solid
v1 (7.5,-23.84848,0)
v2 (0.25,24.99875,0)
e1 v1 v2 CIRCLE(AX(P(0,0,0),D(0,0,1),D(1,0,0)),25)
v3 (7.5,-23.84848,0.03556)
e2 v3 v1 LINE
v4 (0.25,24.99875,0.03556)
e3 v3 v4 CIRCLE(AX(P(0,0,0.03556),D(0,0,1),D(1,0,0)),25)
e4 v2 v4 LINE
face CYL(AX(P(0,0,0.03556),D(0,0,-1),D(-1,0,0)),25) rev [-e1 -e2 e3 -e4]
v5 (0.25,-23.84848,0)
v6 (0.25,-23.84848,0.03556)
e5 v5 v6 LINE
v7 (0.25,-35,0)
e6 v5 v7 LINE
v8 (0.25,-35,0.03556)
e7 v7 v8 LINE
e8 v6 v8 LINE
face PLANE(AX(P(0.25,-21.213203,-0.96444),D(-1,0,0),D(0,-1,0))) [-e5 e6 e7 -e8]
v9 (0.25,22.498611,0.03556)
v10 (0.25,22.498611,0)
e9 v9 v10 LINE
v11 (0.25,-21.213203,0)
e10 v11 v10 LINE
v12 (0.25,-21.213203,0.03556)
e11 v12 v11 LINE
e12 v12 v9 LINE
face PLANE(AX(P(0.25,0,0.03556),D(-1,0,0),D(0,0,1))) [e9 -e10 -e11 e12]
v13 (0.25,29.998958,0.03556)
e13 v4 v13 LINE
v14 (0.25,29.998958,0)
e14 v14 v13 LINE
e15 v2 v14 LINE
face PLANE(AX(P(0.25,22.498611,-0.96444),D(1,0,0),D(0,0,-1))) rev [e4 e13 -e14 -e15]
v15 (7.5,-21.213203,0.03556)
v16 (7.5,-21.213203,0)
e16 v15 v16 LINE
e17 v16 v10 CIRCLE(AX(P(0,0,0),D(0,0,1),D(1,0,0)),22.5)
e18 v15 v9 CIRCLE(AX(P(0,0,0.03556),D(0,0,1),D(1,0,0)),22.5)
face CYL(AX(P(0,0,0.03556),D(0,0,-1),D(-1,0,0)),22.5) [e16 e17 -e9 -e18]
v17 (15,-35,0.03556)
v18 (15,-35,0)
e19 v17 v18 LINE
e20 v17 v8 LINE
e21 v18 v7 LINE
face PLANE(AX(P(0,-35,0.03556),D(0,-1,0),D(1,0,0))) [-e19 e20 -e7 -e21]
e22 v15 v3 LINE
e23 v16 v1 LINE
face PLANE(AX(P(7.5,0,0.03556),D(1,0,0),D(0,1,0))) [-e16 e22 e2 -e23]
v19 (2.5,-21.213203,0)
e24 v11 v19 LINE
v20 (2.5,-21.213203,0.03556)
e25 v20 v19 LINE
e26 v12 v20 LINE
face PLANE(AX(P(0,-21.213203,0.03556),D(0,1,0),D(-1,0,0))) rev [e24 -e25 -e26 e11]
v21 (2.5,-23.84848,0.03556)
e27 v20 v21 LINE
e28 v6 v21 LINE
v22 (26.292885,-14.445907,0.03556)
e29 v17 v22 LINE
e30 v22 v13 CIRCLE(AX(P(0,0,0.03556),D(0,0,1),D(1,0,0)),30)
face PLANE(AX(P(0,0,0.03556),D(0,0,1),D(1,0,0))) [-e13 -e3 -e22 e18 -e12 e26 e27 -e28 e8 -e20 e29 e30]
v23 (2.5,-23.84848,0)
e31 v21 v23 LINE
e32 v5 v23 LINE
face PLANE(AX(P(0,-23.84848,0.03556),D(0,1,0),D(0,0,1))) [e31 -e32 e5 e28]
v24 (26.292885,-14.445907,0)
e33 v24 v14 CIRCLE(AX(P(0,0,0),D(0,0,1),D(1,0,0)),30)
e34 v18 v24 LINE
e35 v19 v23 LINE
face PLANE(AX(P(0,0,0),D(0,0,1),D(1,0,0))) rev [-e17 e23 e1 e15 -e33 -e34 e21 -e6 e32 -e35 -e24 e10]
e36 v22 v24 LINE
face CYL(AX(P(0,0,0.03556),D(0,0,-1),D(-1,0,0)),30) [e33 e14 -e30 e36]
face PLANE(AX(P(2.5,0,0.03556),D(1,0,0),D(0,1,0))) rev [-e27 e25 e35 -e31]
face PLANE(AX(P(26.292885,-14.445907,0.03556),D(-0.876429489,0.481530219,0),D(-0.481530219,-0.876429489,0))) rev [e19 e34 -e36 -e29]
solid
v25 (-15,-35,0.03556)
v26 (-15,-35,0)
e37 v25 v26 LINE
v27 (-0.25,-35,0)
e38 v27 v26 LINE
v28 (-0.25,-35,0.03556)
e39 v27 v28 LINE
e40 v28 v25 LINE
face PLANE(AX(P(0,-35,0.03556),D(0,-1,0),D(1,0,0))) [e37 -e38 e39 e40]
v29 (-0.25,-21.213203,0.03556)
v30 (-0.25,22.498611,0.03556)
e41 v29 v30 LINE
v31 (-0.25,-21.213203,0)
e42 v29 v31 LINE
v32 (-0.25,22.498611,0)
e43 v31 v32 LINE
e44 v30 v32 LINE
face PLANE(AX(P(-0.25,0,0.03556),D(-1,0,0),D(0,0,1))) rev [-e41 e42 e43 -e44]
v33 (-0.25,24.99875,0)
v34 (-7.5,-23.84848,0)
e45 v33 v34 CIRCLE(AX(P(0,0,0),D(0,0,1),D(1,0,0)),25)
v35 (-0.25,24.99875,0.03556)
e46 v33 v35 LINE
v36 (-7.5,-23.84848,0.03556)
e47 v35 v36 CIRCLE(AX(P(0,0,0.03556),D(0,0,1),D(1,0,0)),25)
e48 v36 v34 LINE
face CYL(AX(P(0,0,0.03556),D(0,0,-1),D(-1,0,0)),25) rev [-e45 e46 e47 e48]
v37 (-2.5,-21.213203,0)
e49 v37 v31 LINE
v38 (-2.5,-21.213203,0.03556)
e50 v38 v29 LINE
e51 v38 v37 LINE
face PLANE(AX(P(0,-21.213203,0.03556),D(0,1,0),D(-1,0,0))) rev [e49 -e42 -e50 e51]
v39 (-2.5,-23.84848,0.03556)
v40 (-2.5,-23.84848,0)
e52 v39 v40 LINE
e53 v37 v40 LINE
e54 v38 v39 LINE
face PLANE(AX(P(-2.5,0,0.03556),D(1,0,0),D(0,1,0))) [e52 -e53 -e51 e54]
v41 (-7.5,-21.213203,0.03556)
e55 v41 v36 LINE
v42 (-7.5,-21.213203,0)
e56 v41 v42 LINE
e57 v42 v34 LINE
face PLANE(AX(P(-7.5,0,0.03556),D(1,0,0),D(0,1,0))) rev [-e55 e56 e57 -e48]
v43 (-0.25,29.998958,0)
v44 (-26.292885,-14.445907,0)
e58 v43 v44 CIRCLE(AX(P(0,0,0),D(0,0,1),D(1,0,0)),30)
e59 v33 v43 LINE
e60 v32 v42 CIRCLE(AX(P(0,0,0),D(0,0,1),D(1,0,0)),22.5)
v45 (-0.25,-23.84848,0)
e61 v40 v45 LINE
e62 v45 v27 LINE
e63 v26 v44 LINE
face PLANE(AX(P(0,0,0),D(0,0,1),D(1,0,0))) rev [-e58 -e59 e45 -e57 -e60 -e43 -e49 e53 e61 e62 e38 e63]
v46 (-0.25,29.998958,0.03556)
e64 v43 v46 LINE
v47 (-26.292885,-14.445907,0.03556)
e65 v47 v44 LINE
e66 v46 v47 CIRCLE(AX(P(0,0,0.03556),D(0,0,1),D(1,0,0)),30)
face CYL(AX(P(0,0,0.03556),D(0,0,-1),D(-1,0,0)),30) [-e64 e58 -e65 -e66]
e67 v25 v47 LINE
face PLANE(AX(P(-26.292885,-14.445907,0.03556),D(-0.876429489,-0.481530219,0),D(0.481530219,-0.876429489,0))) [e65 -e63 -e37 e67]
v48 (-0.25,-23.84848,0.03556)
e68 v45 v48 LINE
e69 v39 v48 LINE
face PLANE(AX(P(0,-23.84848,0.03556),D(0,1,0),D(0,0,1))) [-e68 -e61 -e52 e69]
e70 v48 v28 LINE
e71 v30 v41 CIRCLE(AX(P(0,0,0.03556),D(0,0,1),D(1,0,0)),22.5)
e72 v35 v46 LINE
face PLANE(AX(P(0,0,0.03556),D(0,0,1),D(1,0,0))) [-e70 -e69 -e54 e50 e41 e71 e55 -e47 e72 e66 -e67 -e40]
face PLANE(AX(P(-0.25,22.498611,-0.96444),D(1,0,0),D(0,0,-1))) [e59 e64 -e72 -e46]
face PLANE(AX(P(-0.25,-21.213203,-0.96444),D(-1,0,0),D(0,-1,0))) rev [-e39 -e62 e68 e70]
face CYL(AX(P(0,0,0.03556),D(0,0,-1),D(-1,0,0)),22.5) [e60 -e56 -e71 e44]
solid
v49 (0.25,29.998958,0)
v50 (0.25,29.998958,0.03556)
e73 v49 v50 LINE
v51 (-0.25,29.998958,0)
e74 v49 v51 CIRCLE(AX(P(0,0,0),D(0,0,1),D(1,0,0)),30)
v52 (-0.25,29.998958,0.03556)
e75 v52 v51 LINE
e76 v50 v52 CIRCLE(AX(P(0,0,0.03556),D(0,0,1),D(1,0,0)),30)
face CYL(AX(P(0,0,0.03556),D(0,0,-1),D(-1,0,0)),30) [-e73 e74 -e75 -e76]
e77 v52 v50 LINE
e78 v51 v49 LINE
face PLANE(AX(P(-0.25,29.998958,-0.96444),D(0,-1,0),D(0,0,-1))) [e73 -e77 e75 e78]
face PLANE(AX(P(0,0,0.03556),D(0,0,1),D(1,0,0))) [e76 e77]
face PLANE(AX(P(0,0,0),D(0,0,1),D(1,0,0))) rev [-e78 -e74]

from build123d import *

# Parameters (mm, degrees)
BOSS_EXTRUDE1_DEPTH = 0.03556
SKETCH3_W           = 0.5
SKETCH3_H           = 7.500347247
SKETCH3_H_2         = 13.786796599
CUT_EXTRUDE2_DEPTH  = 1


with BuildPart() as part:
    # Sketch2 → Boss-Extrude1 (new body)
    with BuildSketch(Plane.XY):
        with BuildLine():
            Line((-7.5, -35.000000035), (0, -35.000000035))
            Line((0, -35.000000035), (7.5, -35.000000035))
            Line((7.5, -35.000000035), (15, -35.000000035))
            Line((15, -35.000000035), (26.292884658, -14.44590656))
            ThreePointArc((26.292884658, -14.44590656), (0, 30), (-26.292884658, -14.44590656))
            Line((-26.292884658, -14.44590656), (-15, -35.000000035))
            Line((-15, -35.000000035), (-7.5, -35.000000035))
        make_face()
        with BuildLine():
            Line((0.25, 22.498611068), (0.25, -21.213203436))
            Line((0.25, -21.213203436), (2.5, -21.213203436))
            Line((2.5, -21.213203436), (2.5, -23.848480036))
            Line((2.5, -23.848480036), (-2.5, -23.848480036))
            Line((-2.5, -23.848480036), (-2.5, -21.213203436))
            Line((-2.5, -21.213203436), (-0.25, -21.213203436))
            Line((-0.25, -21.213203436), (-0.25, 22.498611068))
            ThreePointArc((-0.25, 22.498611068), (-22.196763431, 3.681534082), (-7.5, -21.213203436))
            Line((-7.5, -21.213203436), (-7.5, -23.848480035))
            ThreePointArc((-7.5, -23.848480035), (0, 25), (7.5, -23.848480035))
            Line((7.5, -23.848480035), (7.5, -21.213203436))
            ThreePointArc((7.5, -21.213203436), (22.196763431, 3.681534082), (0.25, 22.498611068))
        make_face(mode=Mode.SUBTRACT)
    extrude(amount=BOSS_EXTRUDE1_DEPTH)

    # Sketch3 → Cut-Extrude2 (cut)
    with BuildSketch(Plane.XY.offset(0.03556)):
        with Locations((0, 26.248784692)):
            Rectangle(SKETCH3_W, SKETCH3_H)
        with Locations((0, -28.106601735)):
            Rectangle(SKETCH3_W, SKETCH3_H_2)
    extrude(amount=-CUT_EXTRUDE2_DEPTH, mode=Mode.SUBTRACT)


solid = part.part
